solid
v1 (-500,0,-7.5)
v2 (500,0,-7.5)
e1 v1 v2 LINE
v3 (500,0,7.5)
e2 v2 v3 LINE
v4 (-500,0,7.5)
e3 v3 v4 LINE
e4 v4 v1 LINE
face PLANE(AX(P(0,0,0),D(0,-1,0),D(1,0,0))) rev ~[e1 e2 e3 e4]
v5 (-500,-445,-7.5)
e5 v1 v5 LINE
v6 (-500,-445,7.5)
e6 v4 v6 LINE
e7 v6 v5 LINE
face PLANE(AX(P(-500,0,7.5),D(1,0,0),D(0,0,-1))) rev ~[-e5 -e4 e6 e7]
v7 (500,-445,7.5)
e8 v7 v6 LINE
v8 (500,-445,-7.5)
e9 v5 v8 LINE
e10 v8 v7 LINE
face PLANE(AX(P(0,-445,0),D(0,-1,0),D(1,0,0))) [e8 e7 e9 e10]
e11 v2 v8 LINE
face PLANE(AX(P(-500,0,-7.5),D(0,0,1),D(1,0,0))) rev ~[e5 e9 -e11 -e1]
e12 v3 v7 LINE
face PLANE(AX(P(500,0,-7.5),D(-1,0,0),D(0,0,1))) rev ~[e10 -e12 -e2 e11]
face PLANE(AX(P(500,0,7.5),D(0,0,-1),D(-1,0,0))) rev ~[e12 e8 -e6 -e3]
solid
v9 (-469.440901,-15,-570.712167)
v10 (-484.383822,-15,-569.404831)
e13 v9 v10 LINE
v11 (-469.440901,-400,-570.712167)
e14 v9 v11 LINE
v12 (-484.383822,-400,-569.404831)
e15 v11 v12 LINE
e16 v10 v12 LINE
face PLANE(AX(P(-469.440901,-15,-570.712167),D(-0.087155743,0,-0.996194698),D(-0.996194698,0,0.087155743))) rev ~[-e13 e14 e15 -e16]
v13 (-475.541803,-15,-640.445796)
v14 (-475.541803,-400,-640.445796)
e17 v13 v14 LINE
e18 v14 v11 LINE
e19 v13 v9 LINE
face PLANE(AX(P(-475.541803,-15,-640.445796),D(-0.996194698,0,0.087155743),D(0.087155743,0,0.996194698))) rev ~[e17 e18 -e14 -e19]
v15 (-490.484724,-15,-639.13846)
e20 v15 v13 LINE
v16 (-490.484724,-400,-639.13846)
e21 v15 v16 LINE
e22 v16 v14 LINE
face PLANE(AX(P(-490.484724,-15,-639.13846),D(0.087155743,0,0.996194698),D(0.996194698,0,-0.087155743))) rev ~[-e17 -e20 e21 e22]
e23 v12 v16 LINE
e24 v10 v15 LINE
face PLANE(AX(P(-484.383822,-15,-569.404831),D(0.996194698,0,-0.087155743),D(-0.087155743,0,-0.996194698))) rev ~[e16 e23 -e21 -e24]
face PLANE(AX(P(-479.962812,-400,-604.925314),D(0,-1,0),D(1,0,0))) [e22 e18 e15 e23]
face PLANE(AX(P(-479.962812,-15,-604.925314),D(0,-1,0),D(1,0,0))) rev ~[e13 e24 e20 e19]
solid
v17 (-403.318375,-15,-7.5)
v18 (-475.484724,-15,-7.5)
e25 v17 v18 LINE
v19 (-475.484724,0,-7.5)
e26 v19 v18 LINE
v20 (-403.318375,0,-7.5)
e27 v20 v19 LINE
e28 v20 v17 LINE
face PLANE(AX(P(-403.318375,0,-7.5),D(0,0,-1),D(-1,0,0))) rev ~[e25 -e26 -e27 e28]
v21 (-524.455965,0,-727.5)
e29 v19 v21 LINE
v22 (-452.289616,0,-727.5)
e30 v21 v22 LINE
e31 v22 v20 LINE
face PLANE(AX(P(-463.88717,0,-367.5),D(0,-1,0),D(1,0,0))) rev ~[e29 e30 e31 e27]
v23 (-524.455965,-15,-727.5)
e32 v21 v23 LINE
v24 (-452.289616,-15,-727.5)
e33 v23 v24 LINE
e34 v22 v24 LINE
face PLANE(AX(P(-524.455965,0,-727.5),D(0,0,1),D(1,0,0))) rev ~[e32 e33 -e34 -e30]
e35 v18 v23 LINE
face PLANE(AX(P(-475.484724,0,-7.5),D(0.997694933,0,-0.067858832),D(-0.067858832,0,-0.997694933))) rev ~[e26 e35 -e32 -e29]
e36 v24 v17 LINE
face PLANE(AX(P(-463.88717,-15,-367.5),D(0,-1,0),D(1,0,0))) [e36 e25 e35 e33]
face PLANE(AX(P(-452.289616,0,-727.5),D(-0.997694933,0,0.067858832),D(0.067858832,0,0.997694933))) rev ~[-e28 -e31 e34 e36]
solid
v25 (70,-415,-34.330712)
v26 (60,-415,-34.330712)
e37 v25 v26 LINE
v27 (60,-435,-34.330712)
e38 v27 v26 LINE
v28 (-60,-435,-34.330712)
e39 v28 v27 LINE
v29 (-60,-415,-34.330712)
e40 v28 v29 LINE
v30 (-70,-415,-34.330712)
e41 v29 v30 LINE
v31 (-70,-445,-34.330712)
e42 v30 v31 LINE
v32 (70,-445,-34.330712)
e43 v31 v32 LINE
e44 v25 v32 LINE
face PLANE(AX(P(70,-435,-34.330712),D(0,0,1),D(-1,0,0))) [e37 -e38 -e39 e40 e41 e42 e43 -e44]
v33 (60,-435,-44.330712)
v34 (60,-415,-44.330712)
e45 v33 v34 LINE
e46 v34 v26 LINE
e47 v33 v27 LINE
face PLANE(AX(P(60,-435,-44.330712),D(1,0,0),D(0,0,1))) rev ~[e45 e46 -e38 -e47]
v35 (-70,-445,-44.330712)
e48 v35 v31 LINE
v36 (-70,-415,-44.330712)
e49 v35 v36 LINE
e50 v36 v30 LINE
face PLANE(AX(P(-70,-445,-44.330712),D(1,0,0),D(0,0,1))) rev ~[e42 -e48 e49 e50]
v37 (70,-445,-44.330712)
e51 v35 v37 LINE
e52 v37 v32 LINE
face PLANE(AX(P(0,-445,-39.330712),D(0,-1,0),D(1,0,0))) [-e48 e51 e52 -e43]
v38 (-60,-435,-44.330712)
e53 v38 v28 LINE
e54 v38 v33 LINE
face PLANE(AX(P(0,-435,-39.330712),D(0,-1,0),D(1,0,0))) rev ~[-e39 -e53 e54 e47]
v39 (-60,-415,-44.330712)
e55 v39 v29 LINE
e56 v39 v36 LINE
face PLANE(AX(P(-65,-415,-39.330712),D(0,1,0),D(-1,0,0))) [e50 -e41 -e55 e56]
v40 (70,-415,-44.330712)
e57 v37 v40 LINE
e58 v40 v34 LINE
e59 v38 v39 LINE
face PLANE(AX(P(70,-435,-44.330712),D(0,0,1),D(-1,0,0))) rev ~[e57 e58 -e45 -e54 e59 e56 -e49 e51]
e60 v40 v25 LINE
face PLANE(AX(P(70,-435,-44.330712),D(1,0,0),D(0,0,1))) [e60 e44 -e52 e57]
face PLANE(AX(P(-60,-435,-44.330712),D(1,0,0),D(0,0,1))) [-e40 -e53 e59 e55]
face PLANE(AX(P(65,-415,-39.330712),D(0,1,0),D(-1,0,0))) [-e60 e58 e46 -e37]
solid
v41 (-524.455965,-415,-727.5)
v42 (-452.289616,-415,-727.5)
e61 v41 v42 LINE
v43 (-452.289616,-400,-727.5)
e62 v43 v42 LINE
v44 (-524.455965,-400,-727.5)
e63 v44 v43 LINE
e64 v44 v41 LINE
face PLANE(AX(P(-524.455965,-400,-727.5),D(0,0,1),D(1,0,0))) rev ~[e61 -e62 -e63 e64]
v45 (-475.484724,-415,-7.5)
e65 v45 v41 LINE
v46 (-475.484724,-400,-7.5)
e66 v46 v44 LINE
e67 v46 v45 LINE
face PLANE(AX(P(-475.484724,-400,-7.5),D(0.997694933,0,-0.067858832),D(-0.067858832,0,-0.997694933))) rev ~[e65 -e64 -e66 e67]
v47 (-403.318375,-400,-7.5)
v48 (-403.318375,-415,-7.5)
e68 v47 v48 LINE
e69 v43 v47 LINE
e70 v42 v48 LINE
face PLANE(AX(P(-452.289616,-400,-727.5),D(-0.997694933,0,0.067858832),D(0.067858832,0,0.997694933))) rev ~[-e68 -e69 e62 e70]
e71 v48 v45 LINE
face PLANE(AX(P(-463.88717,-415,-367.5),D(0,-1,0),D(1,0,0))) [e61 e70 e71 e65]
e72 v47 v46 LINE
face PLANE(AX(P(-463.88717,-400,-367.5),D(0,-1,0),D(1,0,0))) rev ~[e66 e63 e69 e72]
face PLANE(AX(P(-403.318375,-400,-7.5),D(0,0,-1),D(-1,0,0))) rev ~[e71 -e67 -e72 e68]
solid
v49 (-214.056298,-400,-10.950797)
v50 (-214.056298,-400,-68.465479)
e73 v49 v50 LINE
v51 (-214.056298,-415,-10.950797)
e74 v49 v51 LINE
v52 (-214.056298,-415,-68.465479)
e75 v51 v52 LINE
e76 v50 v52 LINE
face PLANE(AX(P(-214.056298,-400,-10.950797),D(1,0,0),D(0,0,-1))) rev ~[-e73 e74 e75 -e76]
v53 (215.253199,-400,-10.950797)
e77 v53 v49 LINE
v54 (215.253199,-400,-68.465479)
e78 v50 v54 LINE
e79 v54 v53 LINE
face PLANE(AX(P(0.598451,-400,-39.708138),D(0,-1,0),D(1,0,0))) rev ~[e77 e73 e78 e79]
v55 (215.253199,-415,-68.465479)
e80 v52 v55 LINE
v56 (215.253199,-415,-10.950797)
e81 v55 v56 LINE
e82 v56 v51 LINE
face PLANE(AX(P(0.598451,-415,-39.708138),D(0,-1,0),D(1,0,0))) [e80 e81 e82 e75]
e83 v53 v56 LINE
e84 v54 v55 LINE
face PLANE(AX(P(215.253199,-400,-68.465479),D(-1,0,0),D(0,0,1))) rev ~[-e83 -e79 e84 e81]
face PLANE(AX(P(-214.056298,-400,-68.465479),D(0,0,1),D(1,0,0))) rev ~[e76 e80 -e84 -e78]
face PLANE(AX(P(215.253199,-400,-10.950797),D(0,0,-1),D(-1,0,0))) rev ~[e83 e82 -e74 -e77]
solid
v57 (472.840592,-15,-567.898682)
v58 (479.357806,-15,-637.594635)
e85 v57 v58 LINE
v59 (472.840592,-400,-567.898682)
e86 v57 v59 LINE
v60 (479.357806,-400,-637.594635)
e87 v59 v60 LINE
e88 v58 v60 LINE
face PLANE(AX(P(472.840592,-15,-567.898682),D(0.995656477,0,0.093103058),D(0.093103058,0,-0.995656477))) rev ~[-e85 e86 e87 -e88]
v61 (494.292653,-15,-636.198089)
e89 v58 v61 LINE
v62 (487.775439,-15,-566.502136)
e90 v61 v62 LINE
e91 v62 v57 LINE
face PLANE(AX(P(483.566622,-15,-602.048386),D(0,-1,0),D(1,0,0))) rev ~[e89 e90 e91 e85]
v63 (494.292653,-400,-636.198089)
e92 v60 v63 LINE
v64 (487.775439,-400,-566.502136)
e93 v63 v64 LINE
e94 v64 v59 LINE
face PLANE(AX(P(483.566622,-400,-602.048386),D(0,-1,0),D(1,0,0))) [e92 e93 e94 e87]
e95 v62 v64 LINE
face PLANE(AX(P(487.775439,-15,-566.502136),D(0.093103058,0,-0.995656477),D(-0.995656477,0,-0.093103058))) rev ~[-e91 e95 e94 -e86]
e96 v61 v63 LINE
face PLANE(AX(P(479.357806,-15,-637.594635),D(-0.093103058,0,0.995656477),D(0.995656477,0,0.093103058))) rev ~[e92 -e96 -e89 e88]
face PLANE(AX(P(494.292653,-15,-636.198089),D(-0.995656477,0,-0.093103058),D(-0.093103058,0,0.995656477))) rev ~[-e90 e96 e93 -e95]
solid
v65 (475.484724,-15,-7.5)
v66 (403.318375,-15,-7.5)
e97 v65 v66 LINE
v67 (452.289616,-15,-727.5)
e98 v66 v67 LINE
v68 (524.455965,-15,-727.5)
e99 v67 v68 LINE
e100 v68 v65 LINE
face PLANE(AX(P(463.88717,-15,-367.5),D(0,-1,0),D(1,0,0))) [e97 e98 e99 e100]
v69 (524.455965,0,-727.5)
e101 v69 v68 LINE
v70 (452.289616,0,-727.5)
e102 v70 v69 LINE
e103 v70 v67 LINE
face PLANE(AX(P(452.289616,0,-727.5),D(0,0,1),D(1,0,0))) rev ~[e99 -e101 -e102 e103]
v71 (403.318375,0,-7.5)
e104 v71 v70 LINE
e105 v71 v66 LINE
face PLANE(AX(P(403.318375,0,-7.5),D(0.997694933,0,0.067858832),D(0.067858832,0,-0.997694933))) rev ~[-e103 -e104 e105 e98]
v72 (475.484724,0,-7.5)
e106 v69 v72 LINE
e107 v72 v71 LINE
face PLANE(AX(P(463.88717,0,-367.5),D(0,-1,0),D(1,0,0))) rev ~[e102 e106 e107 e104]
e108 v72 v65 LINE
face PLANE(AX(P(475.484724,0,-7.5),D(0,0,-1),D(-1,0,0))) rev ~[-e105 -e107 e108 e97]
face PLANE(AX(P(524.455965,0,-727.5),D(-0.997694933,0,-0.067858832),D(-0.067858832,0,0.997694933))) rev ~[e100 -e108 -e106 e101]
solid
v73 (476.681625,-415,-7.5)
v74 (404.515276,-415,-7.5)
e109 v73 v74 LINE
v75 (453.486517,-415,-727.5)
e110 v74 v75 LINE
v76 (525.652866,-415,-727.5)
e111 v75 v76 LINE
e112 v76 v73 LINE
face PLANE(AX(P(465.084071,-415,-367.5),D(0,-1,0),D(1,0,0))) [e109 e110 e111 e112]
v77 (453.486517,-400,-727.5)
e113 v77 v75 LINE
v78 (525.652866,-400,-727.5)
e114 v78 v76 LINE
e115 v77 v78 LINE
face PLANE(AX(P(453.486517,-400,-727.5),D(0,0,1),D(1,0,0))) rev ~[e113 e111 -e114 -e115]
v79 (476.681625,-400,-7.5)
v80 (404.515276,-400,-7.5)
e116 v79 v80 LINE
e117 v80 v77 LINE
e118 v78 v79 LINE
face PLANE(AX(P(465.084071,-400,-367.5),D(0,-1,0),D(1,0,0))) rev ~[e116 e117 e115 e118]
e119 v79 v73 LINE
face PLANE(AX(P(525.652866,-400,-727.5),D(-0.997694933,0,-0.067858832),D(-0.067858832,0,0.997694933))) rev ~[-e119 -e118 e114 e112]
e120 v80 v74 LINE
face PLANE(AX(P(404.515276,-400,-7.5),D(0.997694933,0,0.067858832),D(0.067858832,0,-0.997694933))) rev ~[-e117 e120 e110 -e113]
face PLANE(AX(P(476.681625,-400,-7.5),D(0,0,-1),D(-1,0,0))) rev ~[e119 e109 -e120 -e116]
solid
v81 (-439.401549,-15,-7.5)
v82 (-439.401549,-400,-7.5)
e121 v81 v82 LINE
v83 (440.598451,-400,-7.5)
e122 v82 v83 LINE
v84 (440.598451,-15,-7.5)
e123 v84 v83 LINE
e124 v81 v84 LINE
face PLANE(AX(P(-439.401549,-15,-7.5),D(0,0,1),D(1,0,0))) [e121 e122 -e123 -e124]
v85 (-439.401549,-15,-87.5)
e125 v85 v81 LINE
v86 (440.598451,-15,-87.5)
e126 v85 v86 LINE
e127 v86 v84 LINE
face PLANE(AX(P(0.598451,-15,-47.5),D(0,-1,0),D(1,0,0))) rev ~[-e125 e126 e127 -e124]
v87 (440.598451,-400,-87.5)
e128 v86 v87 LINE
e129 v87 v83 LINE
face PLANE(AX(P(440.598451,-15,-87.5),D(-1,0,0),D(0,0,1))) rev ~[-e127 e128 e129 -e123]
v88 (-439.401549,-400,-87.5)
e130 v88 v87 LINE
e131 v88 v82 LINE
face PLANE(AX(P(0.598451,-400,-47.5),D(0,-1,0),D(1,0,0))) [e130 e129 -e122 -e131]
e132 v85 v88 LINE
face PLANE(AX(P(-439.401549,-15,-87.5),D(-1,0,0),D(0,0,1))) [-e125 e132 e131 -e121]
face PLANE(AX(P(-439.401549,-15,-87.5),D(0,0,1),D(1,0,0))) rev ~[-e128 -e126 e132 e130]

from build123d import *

# Parameters (mm, degrees)
F1_DEPTH  = 445
F2_DEPTH  = 15
F3_W      = 880
F3_H      = 80
F4_DEPTH  = 385
F6_DEPTH  = 15
F7_W      = 10
F7_H      = 10
F8_DEPTH  = 20
F10_W     = 40.9078299999
F10_H     = 28.1210877001
F11_DEPTH = 30
F12_W     = 140
F12_H     = 10
F13_DEPTH = 10
F15_W     = 10
F15_H     = 10
F16_DEPTH = 20


with BuildPart() as f1:
    # F0 (on Front) → F1 (new body)
    with BuildSketch(Plane.XZ):
        Polygon((500, -7.5), (500, 7.5), (-500, 7.5), (-500, -7.5), (-475.4847236312, -7.5), (-403.318375349, -7.5), (403.318375349, -7.5), (475.4847236312, -7.5), align=None)
    extrude(amount=F1_DEPTH)


with BuildPart() as f2:
    # F0 (on Front) → F2 (new body)
    with BuildSketch(Plane.XZ):
        Polygon((-403.318375349, -7.5), (-475.4847236312, -7.5), (-524.4559645653, -727.5), (-452.2896162831, -727.5), align=None)
    extrude(amount=F2_DEPTH)


with BuildPart() as f2b:
    # F0 (on Front) → F2, piece 2 (new body)
    with BuildSketch(Plane.XZ):
        Polygon((524.4559645653, -727.5), (475.4847236312, -7.5), (403.318375349, -7.5), (452.2896162831, -727.5), align=None)
    extrude(amount=F2_DEPTH)


with BuildPart() as f4:
    # F3 (on face) → F4 (new body)
    with BuildSketch(Plane.XZ.offset(15)):
        with Locations((0.5984505099, -47.5)):
            Rectangle(F3_W, F3_H)
    extrude(amount=F4_DEPTH)


with BuildPart() as f4b:
    # F3 (on face) → F4, piece 2 (new body)
    with BuildSketch(Plane.XZ.offset(15)):
        Polygon((-475.5418031599, -640.4457963005), (-469.4409011675, -570.7121674341), (-484.3838216389, -569.4048312929), (-490.4847236312, -639.1384601593), align=None)
    extrude(amount=F4_DEPTH)


with BuildPart() as f4c:
    # F3 (on face) → F4, piece 3 (new body)
    with BuildSketch(Plane.XZ.offset(15)):
        Polygon((487.775438711, -566.502135879), (472.8405915526, -567.898681744), (479.3578055892, -637.5946351502), (494.2926527476, -636.1980892852), align=None)
    extrude(amount=F4_DEPTH)


with BuildPart() as f6:
    # F5 (on face) → F6 (new body)
    with BuildSketch(Plane.XZ.offset(400)):
        Polygon((-403.318375349, -7.5), (-475.4847236312, -7.5), (-524.4559645658, -727.5), (-452.2896162837, -727.5), align=None)
    extrude(amount=F6_DEPTH)


with BuildPart() as f6b:
    # F5 (on face) → F6, piece 2 (new body)
    with BuildSketch(Plane.XZ.offset(400)):
        Polygon((525.652865585, -727.5), (476.681624651, -7.5), (404.5152763688, -7.5), (453.4865173028, -727.5), align=None)
    extrude(amount=F6_DEPTH)


with BuildPart() as f6c:
    # F5 (on face) → F6, piece 3 (new body)
    with BuildSketch(Plane.XZ.offset(400)):
        Polygon((215.2531991564, -10.9507972375), (0.5984505099, -10.9507972375), (-214.0562981367, -10.9507972375), (-214.0562981367, -68.4654787183), (0.5984505099, -68.4654787183), (215.2531991564, -68.4654787183), align=None)
    extrude(amount=F6_DEPTH)


with BuildPart() as f8:
    # F7 (on face) → F8 (new body)
    with BuildSketch(Plane.XZ.offset(415)):
        with Locations((-37.01236099, -39.2755609937)):
            Rectangle(F7_W, F7_H)
    extrude(amount=F8_DEPTH)


with BuildPart() as f8b:
    # F7 (on face) → F8, piece 2 (new body)
    with BuildSketch(Plane.XZ.offset(415)):
        with Locations((37.01236099, -39.2755609937)):
            Rectangle(F7_W, F7_H)
    extrude(amount=F8_DEPTH)


with BuildPart() as f11:
    # F10 (on face) → F11 (new body)
    with BuildSketch(Plane.XZ.offset(415)):
        with Locations((-175.1520335674, -39.3307115883)):
            Rectangle(F10_W, F10_H)
    extrude(amount=F11_DEPTH)


with BuildPart() as f13:
    # F12 (on face) → F13 (new body)
    with BuildSketch(Plane.XZ.offset(445)):
        with Locations((0, -39.3307115883)):
            Rectangle(F12_W, F12_H)
    extrude(amount=-F13_DEPTH)

    # F15 (on face) → F16 (join)
    with BuildSketch(Plane(origin=(0, -435, 0), x_dir=(-1, 0, 0), z_dir=(0, 1, 0))):
        with Locations((-65, -39.3307115883)):
            Rectangle(F15_W, F15_H)
        with Locations((65, -39.3307115883)):
            Rectangle(F15_W, F15_H)
    extrude(amount=F16_DEPTH)


solid = Compound([f1.part, f2.part, f2b.part, f4.part, f4b.part, f4c.part, f6.part, f6b.part, f6c.part, f13.part])
